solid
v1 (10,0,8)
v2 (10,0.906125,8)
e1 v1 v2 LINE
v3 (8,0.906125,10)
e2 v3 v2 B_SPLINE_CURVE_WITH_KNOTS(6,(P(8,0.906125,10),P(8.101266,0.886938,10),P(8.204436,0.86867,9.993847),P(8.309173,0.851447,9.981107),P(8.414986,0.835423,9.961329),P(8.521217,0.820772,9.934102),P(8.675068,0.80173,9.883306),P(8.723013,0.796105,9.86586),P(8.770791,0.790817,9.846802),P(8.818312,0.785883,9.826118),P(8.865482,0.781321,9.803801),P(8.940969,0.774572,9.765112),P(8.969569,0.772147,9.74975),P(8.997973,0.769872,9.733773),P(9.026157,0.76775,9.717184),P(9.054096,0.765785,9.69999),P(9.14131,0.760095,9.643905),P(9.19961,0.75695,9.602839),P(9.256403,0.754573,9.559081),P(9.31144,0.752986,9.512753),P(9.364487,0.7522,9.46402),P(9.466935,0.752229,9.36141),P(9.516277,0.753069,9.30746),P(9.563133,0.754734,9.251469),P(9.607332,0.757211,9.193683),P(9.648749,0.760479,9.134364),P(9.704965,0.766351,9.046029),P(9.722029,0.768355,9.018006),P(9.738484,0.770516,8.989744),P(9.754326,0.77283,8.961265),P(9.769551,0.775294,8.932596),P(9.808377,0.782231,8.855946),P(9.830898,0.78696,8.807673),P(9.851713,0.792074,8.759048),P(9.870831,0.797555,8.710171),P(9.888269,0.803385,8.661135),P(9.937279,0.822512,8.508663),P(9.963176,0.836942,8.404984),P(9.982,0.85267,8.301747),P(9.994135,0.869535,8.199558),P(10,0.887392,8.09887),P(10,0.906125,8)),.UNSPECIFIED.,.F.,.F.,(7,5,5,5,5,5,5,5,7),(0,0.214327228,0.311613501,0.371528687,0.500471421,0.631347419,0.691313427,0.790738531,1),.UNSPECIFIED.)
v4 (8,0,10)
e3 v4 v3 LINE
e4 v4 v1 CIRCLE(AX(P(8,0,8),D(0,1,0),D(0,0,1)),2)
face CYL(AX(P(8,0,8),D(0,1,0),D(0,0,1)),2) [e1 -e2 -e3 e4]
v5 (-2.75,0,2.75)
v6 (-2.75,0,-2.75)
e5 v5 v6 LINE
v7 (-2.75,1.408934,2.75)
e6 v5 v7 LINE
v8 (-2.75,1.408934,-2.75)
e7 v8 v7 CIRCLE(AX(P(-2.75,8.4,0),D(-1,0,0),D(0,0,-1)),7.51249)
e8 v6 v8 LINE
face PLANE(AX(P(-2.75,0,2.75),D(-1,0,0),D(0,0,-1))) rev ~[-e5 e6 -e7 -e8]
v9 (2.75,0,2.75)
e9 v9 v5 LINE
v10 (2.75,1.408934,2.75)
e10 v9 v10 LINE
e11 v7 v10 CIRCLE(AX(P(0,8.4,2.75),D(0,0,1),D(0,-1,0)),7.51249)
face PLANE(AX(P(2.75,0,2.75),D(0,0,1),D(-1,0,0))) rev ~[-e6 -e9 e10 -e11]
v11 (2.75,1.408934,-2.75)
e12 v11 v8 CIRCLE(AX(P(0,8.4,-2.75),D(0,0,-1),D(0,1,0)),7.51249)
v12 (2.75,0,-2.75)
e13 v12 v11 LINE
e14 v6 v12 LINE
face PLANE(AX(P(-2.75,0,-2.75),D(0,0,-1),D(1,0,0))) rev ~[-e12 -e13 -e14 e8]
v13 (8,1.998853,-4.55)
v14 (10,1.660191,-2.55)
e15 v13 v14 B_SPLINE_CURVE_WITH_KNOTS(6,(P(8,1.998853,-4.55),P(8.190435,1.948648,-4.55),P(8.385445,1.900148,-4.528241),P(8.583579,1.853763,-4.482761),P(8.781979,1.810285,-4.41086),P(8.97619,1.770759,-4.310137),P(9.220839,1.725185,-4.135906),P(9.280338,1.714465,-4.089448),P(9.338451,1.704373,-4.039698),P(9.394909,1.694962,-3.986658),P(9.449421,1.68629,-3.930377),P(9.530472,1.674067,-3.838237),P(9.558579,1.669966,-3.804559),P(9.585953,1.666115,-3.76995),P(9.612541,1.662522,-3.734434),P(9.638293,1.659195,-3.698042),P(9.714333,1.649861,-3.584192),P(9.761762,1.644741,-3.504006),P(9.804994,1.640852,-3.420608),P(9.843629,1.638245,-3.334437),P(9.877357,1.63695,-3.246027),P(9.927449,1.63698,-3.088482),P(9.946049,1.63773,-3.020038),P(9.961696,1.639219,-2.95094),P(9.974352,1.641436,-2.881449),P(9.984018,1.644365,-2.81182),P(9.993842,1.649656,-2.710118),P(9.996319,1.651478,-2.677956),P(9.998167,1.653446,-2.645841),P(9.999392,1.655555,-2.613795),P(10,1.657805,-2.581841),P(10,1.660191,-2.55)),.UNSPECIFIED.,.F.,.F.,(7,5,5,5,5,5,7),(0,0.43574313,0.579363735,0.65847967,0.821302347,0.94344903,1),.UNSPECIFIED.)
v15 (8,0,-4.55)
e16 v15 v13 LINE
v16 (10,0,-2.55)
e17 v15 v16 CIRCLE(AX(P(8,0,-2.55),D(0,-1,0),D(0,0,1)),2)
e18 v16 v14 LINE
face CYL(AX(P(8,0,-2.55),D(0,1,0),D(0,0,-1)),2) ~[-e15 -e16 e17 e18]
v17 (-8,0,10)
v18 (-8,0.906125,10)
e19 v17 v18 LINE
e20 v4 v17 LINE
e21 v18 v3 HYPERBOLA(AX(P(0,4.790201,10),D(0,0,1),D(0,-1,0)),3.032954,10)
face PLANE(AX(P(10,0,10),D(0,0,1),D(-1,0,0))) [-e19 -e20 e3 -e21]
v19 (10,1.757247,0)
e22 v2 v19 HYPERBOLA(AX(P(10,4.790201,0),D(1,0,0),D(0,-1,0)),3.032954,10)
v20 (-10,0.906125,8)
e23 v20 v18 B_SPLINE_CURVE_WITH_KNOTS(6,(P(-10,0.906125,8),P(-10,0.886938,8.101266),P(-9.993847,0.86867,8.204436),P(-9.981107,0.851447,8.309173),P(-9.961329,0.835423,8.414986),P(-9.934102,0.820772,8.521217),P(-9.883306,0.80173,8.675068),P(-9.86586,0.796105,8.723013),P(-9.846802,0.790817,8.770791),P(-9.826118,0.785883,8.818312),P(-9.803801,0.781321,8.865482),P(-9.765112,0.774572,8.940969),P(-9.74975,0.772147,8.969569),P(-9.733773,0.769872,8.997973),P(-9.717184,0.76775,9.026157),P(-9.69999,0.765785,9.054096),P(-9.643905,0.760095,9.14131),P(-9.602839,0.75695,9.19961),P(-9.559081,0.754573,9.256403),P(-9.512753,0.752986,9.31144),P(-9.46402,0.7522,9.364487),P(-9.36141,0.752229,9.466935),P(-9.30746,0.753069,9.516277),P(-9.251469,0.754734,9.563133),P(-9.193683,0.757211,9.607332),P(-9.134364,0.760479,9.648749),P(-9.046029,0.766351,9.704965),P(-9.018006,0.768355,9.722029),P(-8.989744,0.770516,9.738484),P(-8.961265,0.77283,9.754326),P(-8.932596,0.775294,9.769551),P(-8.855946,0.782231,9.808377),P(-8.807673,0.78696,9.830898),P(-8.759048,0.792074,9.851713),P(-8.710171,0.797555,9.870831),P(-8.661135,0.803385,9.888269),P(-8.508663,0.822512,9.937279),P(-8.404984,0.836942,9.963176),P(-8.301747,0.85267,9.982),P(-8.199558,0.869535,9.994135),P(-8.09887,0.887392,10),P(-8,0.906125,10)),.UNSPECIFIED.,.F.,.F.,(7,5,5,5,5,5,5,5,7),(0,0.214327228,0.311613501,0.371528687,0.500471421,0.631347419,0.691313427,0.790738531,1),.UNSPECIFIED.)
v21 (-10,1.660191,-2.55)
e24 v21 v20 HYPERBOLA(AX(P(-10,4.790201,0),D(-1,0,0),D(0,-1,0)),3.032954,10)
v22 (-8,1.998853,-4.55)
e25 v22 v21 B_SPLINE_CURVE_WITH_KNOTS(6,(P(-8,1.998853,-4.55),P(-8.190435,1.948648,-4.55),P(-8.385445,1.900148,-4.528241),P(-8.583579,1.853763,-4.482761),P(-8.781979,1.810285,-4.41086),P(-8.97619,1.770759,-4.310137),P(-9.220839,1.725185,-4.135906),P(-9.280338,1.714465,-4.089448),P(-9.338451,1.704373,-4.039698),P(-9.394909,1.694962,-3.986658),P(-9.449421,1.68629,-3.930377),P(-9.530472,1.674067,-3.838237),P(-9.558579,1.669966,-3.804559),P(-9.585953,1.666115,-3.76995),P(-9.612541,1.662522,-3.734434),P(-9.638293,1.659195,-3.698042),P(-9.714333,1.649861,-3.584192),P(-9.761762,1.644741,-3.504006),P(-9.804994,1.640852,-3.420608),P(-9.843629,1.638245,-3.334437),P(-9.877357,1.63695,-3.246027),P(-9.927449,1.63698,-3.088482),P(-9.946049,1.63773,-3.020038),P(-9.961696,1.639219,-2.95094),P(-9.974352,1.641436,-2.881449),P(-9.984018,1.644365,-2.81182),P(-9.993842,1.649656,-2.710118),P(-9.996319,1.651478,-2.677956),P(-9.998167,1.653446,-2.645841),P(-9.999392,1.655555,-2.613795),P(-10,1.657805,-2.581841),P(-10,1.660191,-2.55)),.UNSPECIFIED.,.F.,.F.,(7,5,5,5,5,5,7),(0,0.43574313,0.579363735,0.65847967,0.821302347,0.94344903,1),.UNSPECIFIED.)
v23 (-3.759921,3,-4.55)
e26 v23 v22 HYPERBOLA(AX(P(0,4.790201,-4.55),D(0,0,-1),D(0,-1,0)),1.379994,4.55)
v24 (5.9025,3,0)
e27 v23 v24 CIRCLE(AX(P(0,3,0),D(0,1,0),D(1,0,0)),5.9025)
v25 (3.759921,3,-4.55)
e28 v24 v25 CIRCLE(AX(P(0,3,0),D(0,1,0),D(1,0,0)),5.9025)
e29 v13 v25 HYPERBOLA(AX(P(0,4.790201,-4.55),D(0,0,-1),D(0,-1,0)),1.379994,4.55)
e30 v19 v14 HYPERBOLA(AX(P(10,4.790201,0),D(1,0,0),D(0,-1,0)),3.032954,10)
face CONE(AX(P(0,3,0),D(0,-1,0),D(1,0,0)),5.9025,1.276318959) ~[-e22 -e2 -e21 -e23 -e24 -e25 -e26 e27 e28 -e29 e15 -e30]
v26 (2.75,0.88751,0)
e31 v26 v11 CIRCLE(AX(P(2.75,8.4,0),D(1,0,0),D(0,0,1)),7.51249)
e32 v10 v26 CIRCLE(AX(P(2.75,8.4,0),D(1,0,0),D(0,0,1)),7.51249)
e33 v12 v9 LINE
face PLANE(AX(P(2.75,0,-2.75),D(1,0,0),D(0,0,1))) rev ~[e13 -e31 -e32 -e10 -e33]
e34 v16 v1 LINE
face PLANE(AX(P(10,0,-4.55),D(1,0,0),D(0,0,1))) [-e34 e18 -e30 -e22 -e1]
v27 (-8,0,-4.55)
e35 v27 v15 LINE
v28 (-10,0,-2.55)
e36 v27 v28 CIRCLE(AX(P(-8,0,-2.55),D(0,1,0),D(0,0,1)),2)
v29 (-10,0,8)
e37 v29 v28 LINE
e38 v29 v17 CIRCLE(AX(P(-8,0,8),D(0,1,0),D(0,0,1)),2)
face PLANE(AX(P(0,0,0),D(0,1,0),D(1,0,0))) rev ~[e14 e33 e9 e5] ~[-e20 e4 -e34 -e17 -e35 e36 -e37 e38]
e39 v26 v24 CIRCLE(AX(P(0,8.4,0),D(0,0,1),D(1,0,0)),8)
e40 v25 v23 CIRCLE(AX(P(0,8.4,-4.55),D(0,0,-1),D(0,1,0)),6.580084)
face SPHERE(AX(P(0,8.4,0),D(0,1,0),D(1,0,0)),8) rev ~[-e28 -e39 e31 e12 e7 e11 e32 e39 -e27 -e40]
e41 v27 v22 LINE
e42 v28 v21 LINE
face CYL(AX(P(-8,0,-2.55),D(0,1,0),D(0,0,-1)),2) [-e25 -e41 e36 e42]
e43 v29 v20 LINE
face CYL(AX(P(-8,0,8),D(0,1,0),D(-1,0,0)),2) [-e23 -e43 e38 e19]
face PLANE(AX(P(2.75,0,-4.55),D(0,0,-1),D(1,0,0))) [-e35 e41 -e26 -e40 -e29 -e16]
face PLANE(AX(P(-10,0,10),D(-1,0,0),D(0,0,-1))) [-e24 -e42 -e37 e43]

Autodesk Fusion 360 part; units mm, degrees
sketch "top" plane through (0, 0, 0) normal (0, 1, 0) x (1, 0, 0)
  line L0 (2.75, -2.75) -> (-2.75, -2.75)
  line L1 (-2.75, -2.75) -> (-2.75, 2.75)
  line L2 (-2.75, 2.75) -> (2.75, 2.75)
  line L3 (2.75, 2.75) -> (2.75, -2.75)
  line L4 (2.75, -2.75) -> (-2.75, 2.75) construction
  line L5 (-2.75, -2.75) -> (2.75, 2.75) construction
  line L6 (-51.8482, 4.55) -> (53.2802, 4.55)
  line L7 (10, -10) -> (-10, -10)
  line L8 (-10, -10) -> (-10, 10)
  line L9 (-10, 10) -> (10, 10)
  line L10 (10, 10) -> (10, -10)
  line L11 (10, -10) -> (-10, 10) construction
  line L12 (-10, -10) -> (10, 10) construction
  line L13 (2.75, 2.75) -> (2.75, 4.55)
  line L14 (-2.75, 2.75) -> (-2.75, 4.55)
  dimension "d1" = 5.5
  dimension "d2" = 5.5
  dimension "d3" = 1.8
  dimension "d4" = 20
  dimension "d5" = 20
extrude "Extrude1" add sketch "top" along normal blind 3 contours L0 L1 L3 L6 L7 L8 L10 L13 L14 | L2 L6 L13 L14
sketch "hole" plane through (0, 0, 0) normal (0, 0, 1) x (1, 0, 0)
  line L0 (0, 0) -> (0, 32.5783)
  circle A0 centre (0, 8.4) radius 8
  line L1 (0, 0.4) -> (15.5935, 0.4) construction
  line L2 (-10, 0) -> (10, 0) construction
  line L3 (10, 0) -> (10, 3) construction
  line L4 (10, 3) -> (-10, 3) construction
  line L5 (-10, 3) -> (-10, 0) construction
  line L6 (5.9025, 3) -> (10, 3)
  line L7 (5.9025, 3) -> (14.475, 0.4)
  line L8 (10, 3) -> (14.475, 3)
  line L9 (14.475, 3) -> (14.475, 0.4)
  point P0 (0, 0.4)
  point P1 (10, 0.4)
  dimension "d8" = 16
  dimension "d9" = 0.4
revolve "Revolve1" cut sketch "hole" angle 360 about axis through (0, 0, 0) along (0, 1, 0) contours L6 L7 L8 L9 | L0 A0 picked at (2.6374, 8.0063)
fillet "Fillet1" radius 2 4 edges at (10, 0.2505, 10) (-10, 0.2505, 10) (-10, 0.729, -4.55) (10, 0.729, -4.55)
sketch "sticky" plane through (0, 0, 0) normal (0, 1, 0) x (1, 0, 0)
  arc A0 (10, 2.55) -> (8, 4.55) centre (8, 2.55) ccw
  line L0 (10, 2.55) -> (10, -8)
  arc A1 (8, -10) -> (10, -8) centre (8, -8) ccw
  line L1 (8, -10) -> (-8, -10)
  arc A2 (-10, -8) -> (-8, -10) centre (-8, -8) ccw
  line L2 (-10, -8) -> (-10, 2.55)
  arc A3 (-8, 4.55) -> (-10, 2.55) centre (-8, 2.55) ccw
  line L3 (-8, 4.55) -> (8, 4.55)
  line L4 (2.75, 2.75) -> (-2.75, 2.75)
  line L5 (-2.75, 2.75) -> (-2.75, -2.75)
  line L6 (-2.75, -2.75) -> (2.75, -2.75)
  line L7 (2.75, -2.75) -> (2.75, 2.75)
